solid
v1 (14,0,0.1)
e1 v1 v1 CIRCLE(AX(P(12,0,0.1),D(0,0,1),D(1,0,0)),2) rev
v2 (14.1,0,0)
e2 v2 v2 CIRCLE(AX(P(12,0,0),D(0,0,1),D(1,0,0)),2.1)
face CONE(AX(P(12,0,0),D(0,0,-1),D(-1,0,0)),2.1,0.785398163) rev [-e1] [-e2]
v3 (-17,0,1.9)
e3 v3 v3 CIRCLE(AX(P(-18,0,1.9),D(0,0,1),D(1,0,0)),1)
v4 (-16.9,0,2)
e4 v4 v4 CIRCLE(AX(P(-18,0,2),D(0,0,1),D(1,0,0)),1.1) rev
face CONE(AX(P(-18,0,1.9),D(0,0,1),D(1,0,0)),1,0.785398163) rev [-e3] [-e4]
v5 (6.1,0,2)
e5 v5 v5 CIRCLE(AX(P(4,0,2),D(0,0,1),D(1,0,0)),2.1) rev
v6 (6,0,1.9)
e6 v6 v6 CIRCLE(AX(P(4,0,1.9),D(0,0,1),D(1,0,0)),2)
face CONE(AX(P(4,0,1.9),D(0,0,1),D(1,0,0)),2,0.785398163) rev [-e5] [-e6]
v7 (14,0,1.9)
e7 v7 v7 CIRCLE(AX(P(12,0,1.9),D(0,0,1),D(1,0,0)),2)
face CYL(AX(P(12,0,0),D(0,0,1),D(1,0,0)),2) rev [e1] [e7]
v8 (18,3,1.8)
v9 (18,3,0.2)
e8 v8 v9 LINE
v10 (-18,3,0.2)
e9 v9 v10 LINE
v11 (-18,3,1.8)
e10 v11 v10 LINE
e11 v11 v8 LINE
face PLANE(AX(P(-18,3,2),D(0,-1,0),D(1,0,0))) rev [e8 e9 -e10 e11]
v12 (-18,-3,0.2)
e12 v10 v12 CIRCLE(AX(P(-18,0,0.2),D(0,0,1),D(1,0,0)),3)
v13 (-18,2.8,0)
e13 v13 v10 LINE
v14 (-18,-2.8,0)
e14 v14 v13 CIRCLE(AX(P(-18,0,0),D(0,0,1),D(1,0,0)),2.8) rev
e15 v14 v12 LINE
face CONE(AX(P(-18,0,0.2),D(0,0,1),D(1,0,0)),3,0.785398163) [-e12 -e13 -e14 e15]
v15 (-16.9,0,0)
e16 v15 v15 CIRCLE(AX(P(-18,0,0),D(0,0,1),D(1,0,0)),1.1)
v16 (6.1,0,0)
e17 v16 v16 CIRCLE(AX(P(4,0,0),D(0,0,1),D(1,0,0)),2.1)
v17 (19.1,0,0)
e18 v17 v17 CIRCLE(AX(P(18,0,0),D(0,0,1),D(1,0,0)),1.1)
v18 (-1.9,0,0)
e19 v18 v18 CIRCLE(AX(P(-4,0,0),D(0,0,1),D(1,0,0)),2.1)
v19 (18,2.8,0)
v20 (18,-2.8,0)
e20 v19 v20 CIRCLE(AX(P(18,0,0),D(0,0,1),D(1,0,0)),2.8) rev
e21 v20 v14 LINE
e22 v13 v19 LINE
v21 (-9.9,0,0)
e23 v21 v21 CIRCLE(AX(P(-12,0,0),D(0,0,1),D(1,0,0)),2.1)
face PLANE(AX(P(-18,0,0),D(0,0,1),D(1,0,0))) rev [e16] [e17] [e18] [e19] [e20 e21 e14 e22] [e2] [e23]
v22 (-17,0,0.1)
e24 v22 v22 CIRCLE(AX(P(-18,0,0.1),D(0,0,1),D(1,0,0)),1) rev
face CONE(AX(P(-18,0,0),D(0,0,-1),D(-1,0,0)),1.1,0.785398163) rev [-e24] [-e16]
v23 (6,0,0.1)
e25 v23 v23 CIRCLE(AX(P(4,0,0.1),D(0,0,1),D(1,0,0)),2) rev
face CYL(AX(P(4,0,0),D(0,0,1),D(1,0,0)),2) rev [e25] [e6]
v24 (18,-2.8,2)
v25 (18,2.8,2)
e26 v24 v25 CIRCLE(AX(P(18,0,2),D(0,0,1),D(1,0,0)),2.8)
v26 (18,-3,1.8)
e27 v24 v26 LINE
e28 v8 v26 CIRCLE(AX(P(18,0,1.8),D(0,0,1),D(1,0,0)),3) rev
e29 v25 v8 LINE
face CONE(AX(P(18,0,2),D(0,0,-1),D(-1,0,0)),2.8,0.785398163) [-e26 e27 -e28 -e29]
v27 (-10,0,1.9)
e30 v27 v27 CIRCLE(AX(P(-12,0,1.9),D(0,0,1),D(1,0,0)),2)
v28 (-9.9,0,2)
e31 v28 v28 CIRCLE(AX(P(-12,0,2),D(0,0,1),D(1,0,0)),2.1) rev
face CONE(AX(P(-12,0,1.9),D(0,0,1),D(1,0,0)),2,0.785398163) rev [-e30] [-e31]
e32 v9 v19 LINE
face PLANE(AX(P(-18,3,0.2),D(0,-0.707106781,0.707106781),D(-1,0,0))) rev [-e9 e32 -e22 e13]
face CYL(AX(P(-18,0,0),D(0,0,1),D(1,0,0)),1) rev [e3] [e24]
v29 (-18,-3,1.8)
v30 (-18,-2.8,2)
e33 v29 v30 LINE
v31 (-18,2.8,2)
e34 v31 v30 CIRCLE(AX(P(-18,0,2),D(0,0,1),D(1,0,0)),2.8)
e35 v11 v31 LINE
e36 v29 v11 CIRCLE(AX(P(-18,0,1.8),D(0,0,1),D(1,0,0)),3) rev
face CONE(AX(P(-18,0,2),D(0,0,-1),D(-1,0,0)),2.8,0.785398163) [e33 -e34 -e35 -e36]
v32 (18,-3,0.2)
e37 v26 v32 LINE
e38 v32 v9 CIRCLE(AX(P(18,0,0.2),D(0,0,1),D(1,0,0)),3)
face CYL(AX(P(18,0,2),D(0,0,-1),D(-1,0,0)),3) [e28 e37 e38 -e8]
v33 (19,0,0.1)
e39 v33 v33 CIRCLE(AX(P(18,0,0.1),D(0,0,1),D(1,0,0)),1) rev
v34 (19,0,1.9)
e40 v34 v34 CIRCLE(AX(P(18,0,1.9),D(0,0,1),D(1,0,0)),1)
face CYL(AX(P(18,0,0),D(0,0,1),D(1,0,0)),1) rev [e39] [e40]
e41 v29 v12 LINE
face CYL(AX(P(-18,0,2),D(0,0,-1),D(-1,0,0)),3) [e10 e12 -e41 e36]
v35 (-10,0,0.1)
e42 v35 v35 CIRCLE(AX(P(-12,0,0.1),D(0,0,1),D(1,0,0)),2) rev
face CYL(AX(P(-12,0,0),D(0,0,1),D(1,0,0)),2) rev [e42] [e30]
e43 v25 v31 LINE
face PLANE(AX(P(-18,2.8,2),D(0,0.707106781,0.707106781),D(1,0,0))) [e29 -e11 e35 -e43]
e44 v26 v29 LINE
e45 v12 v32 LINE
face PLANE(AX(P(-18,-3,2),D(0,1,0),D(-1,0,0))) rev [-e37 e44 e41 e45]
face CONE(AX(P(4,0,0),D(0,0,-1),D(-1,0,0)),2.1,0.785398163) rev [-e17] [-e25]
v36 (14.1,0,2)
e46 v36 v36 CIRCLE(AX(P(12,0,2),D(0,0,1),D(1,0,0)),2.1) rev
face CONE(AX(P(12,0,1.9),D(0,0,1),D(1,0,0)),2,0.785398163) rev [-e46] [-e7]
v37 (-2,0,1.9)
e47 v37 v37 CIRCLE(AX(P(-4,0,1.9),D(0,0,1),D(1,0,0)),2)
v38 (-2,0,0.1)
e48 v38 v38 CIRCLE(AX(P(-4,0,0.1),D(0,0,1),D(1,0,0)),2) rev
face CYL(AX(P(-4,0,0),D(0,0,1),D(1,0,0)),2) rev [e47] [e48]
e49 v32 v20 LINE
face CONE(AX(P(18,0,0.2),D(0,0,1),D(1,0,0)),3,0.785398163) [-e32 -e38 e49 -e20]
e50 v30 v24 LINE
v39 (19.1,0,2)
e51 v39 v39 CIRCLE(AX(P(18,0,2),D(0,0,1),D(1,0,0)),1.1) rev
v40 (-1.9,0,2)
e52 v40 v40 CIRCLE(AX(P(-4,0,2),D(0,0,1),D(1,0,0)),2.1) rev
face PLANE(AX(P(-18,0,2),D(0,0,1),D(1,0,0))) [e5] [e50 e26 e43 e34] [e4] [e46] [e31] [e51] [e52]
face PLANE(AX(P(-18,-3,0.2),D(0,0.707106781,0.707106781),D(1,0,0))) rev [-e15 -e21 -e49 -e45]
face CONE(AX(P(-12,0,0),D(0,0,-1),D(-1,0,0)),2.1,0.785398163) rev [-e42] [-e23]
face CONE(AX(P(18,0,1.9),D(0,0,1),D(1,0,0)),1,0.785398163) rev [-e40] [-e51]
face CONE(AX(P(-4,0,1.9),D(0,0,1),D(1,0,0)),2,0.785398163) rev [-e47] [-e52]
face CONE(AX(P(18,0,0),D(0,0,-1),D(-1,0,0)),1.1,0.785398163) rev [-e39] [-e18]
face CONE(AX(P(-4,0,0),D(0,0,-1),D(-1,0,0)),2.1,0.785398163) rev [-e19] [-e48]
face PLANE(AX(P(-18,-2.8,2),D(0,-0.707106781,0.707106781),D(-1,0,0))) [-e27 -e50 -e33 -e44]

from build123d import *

# Parameters (mm, degrees)
BOSS_EXTRUDE1_DEPTH = 2
CHAMFER3_SIZE       = 0.2
SKETCH4_R           = 1
SKETCH4_R_2         = 2
CUT_EXTRUDE3_DEPTH  = 2
CHAMFER5_SIZE       = 0.1
CHAMFER6_SIZE       = 0.1


with BuildPart() as part:
    # Sketch1 → Boss-Extrude1 (new body)
    with BuildSketch(Plane.XY):
        with BuildLine():
            Line((-18, 3), (18, 3))
            ThreePointArc((18, 3), (21, 0), (18, -3))
            Line((18, -3), (-18, -3))
            ThreePointArc((-18, -3), (-21, 0), (-18, 3))
        make_face()
    extrude(amount=BOSS_EXTRUDE1_DEPTH)

    # Chamfer3
    chamfer3_edges = [part.edges().sort_by_distance(p)[0] for p in [
        (21, 0, 2),
        (0, 3, 2),
        (-21, 0, 2),
        (0, 3, 0),
        (21, 0, 0),
        (0, -3, 0),
        (-21, 0, 0),
        (0, -3, 2),
    ]]
    chamfer(chamfer3_edges, length=CHAMFER3_SIZE)

    # Sketch4 → Cut-Extrude3 (cut)
    with BuildSketch(Plane.XY.offset(2)):
        with Locations((-18, 0)):
            Circle(SKETCH4_R)
        with Locations((-12, 0)):
            Circle(SKETCH4_R_2)
        with Locations((-4, 0)):
            Circle(SKETCH4_R_2)
        with Locations((4, 0)):
            Circle(SKETCH4_R_2)
        with Locations((12, 0)):
            Circle(SKETCH4_R_2)
        with Locations((18, 0)):
            Circle(SKETCH4_R)
    extrude(amount=-CUT_EXTRUDE3_DEPTH, mode=Mode.SUBTRACT)

    # Chamfer5
    chamfer5_edges = [part.edges().sort_by_distance(p)[0] for p in [
        (-19, 0, 2),
        (-6, 0, 2),
        (-14, 0, 2),
        (2, 0, 2),
        (10, 0, 2),
        (17, 0, 2),
    ]]
    chamfer(chamfer5_edges, length=CHAMFER5_SIZE)

    # Chamfer6
    chamfer6_edges = [part.edges().sort_by_distance(p)[0] for p in [
        (-19, 0, 0),
        (-6, 0, 0),
        (-14, 0, 0),
        (2, 0, 0),
        (10, 0, 0),
        (17, 0, 0),
    ]]
    chamfer(chamfer6_edges, length=CHAMFER6_SIZE)


solid = part.part
